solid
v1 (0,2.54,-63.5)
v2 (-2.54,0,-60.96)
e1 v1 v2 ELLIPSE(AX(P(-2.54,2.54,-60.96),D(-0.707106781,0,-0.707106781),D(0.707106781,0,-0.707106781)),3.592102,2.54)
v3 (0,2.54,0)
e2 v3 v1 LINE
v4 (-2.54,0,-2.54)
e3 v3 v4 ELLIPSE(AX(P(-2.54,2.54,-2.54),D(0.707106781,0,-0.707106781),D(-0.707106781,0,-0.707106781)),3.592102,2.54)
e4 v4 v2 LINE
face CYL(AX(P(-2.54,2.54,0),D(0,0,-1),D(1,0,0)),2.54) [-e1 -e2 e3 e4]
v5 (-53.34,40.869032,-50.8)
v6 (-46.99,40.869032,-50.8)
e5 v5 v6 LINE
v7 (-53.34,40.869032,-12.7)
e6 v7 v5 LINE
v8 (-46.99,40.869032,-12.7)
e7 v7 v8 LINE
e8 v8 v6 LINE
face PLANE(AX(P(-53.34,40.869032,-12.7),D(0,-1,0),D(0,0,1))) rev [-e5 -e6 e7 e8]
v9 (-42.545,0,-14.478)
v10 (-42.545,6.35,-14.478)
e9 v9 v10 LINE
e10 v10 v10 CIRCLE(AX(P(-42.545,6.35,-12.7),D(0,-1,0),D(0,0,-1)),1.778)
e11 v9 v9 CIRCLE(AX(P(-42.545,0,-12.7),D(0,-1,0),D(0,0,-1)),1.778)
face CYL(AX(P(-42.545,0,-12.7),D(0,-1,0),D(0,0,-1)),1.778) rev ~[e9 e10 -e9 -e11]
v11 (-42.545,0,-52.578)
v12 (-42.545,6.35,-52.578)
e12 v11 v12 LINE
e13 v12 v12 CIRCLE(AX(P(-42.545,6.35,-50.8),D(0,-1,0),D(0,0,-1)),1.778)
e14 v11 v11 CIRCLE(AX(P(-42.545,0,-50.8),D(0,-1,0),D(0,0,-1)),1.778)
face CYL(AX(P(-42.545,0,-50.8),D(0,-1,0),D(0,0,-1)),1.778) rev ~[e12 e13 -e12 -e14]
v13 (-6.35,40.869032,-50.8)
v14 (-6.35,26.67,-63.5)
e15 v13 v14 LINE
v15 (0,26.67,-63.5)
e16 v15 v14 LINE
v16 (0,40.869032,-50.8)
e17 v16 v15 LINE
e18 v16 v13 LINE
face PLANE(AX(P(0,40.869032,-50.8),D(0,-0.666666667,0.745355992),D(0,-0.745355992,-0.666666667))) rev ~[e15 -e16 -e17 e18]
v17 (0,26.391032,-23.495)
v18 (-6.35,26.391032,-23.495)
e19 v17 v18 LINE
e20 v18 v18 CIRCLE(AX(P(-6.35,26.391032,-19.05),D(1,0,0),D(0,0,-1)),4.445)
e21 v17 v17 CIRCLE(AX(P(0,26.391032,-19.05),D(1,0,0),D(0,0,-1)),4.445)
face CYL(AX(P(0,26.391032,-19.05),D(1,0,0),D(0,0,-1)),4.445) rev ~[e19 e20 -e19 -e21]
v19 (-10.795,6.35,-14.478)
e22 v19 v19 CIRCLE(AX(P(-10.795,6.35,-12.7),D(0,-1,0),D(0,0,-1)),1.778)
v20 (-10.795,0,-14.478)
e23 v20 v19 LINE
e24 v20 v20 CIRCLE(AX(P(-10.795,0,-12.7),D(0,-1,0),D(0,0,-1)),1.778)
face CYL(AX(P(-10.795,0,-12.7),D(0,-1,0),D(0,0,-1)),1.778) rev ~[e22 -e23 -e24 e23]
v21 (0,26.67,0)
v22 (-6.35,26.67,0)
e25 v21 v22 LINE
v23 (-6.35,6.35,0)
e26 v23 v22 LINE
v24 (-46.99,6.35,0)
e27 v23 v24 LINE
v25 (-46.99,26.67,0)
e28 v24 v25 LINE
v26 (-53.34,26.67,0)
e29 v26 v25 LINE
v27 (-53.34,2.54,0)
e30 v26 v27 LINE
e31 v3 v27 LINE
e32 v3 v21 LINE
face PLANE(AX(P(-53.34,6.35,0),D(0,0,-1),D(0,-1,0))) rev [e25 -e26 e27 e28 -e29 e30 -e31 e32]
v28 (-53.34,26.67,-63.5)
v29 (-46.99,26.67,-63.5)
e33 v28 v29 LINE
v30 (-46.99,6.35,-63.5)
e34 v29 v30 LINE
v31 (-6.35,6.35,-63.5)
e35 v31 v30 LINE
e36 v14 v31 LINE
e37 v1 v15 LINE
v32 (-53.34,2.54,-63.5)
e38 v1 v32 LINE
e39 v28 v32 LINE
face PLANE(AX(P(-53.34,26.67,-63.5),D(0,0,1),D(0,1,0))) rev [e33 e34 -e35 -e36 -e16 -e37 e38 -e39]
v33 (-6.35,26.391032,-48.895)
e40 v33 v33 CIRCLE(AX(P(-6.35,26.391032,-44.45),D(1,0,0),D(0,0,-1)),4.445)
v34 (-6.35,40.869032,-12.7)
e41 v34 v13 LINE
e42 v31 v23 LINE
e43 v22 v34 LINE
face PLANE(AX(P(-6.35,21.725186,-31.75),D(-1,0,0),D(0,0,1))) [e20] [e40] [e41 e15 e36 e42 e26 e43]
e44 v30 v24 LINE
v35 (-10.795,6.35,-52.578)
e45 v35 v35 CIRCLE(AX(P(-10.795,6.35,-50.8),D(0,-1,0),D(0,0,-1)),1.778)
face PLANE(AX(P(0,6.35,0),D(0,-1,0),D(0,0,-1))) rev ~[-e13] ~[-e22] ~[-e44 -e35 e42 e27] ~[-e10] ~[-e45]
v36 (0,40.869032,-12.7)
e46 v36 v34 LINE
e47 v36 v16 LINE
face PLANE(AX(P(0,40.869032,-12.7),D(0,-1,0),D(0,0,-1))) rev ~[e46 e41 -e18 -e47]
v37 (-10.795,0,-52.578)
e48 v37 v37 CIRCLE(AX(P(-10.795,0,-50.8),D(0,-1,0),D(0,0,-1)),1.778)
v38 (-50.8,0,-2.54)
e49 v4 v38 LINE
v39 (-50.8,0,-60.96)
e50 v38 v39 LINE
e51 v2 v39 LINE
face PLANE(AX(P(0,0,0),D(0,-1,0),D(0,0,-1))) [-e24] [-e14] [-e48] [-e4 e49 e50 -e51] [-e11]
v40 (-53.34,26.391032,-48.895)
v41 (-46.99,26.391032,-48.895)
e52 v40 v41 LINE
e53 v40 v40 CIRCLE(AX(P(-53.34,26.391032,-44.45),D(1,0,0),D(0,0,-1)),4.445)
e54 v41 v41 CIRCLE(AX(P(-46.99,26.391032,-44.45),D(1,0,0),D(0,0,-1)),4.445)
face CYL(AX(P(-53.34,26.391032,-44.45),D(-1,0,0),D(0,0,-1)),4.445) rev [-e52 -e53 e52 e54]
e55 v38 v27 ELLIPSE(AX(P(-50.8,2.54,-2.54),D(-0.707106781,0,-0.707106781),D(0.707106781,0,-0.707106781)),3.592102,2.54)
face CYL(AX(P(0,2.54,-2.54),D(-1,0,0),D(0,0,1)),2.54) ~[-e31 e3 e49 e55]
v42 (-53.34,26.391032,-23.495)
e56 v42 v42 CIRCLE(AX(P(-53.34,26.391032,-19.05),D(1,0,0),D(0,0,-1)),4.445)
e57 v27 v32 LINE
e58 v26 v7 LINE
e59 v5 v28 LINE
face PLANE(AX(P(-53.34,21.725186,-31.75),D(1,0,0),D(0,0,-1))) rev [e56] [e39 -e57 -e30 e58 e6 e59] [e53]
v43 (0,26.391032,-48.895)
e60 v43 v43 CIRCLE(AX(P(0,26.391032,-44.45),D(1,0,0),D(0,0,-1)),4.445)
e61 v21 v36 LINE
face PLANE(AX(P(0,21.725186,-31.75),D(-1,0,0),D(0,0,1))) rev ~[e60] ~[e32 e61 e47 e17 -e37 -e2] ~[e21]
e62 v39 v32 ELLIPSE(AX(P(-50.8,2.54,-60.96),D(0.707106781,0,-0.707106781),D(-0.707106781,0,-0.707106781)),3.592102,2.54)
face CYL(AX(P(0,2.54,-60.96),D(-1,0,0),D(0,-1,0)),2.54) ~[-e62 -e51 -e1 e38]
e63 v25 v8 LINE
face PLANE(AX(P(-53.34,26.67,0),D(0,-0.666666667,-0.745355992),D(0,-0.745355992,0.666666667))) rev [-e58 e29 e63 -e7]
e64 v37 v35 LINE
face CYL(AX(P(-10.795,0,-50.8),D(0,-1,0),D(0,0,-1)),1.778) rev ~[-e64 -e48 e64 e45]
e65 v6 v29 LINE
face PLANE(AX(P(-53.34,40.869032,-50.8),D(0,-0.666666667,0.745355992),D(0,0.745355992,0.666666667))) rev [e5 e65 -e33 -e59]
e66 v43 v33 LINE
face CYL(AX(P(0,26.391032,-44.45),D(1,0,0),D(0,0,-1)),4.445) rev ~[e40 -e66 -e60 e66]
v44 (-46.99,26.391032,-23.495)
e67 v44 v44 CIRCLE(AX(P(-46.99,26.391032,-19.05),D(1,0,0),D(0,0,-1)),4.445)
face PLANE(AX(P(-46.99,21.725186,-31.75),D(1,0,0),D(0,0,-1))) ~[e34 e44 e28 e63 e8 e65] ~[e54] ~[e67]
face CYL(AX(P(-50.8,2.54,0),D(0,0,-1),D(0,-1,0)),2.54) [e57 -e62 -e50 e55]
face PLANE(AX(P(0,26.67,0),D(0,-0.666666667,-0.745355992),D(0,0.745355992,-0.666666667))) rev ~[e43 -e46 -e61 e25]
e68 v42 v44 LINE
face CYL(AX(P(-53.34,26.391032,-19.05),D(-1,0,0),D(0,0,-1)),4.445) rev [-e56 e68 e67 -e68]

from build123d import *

# Parameters (mm, degrees)
SKETCH1_W           = 63.5
SKETCH1_H           = 6.35
BOSS_EXTRUDE1_DEPTH = 53.34
BOSS_EXTRUDE2_DEPTH = 6.35
CUT_EXTRUDE1_REACH  = 94.454
SKETCH11_R          = 4.445
FILLET1_R           = 2.54
CUT_EXTRUDE2_REACH  = 94.454
SKETCH19_R          = 1.778


with BuildPart() as part:
    # Sketch1 → Boss-Extrude1 (new body)
    with BuildSketch(Plane(origin=(0, 0, 0), x_dir=(0, 0, -1), z_dir=(1, 0, 0))):
        with Locations((31.75, 3.175)):
            Rectangle(SKETCH1_W, SKETCH1_H)
    extrude(amount=-BOSS_EXTRUDE1_DEPTH)

    # Sketch2 → Boss-Extrude2 (add)
    with BuildSketch(Plane(origin=(0, 0, 0), x_dir=(0, 0, -1), z_dir=(1, 0, 0))):
        Polygon((0, 6.35), (0, 26.67), (12.7, 40.869031657), (50.8, 40.869031657), (63.5, 26.67), (63.5, 6.35), align=None)
    boss_extrude2 = extrude(amount=-BOSS_EXTRUDE2_DEPTH)

    # Sketch11 → Cut-Extrude1 (cut, up to next)
    with BuildSketch(Plane(origin=(0, 0, 0), x_dir=(0, 0, -1), z_dir=(1, 0, 0)), mode=Mode.PRIVATE) as cut_extrude1_sk1:
        with Locations((19.05, 26.391031657)):
            Circle(SKETCH11_R)
    cut_extrude1_tool1 = extrude(cut_extrude1_sk1.sketch, amount=-CUT_EXTRUDE1_REACH, mode=Mode.PRIVATE) & part.part
    # Sketch11 → Cut-Extrude1 (cut, up to next)
    with BuildSketch(Plane(origin=(0, 0, 0), x_dir=(0, 0, -1), z_dir=(1, 0, 0)), mode=Mode.PRIVATE) as cut_extrude1_sk2:
        with Locations((44.45, 26.391031657)):
            Circle(SKETCH11_R)
    cut_extrude1_tool2 = extrude(cut_extrude1_sk2.sketch, amount=-CUT_EXTRUDE1_REACH, mode=Mode.PRIVATE) & part.part
    cut_extrude1_1 = cut_extrude1_tool1.solids().sort_by_distance((0, 26.391032, -19.05))[0]
    add(cut_extrude1_1, mode=Mode.SUBTRACT)
    cut_extrude1_2 = cut_extrude1_tool2.solids().sort_by_distance((0, 26.391032, -44.45))[0]
    add(cut_extrude1_2, mode=Mode.SUBTRACT)
    cut_extrude1 = cut_extrude1_1 + cut_extrude1_2  # Cut-Extrude1 as one shape, for the pattern or mirror that repeats it

    # Fillet1
    fillet1_edges = [part.edges().sort_by_distance(p)[0] for p in [
        (0, 0, -31.75),
        (-53.34, 0, -31.75),
        (-26.67, 0, -63.5),
        (-26.67, 0, 0),
    ]]
    fillet(fillet1_edges, radius=FILLET1_R)

    # Sketch19 → Cut-Extrude2 (cut, up to next)
    with BuildSketch(Plane.XZ, mode=Mode.PRIVATE) as cut_extrude2_sk1:
        with Locations(Location((-10.795, -50.8, 0), (0, 0, 270))):
            Circle(SKETCH19_R)
    cut_extrude2_tool1 = extrude(cut_extrude2_sk1.sketch, amount=-CUT_EXTRUDE2_REACH, mode=Mode.PRIVATE) & part.part
    # Sketch19 → Cut-Extrude2 (cut, up to next)
    with BuildSketch(Plane.XZ, mode=Mode.PRIVATE) as cut_extrude2_sk2:
        with Locations(Location((-42.545, -50.8, 0), (0, 0, 270))):
            Circle(SKETCH19_R)
    cut_extrude2_tool2 = extrude(cut_extrude2_sk2.sketch, amount=-CUT_EXTRUDE2_REACH, mode=Mode.PRIVATE) & part.part
    # Sketch19 → Cut-Extrude2 (cut, up to next)
    with BuildSketch(Plane.XZ, mode=Mode.PRIVATE) as cut_extrude2_sk3:
        with Locations(Location((-42.545, -12.7, 0), (0, 0, 270))):
            Circle(SKETCH19_R)
    cut_extrude2_tool3 = extrude(cut_extrude2_sk3.sketch, amount=-CUT_EXTRUDE2_REACH, mode=Mode.PRIVATE) & part.part
    # Sketch19 → Cut-Extrude2 (cut, up to next)
    with BuildSketch(Plane.XZ, mode=Mode.PRIVATE) as cut_extrude2_sk4:
        with Locations(Location((-10.795, -12.7, 0), (0, 0, 270))):
            Circle(SKETCH19_R)
    cut_extrude2_tool4 = extrude(cut_extrude2_sk4.sketch, amount=-CUT_EXTRUDE2_REACH, mode=Mode.PRIVATE) & part.part
    add(cut_extrude2_tool1.solids().sort_by_distance((-10.795, 0, -50.8))[0], mode=Mode.SUBTRACT)
    add(cut_extrude2_tool2.solids().sort_by_distance((-42.545, 0, -50.8))[0], mode=Mode.SUBTRACT)
    add(cut_extrude2_tool3.solids().sort_by_distance((-42.545, 0, -12.7))[0], mode=Mode.SUBTRACT)
    add(cut_extrude2_tool4.solids().sort_by_distance((-10.795, 0, -12.7))[0], mode=Mode.SUBTRACT)

    # Mirror1: Boss-Extrude2, Cut-Extrude1 across plane
    add(boss_extrude2.mirror(Plane(origin=(-26.67, 0, 0), x_dir=(0, 0, 1), z_dir=(1, 0, 0))))
    add(cut_extrude1.mirror(Plane(origin=(-26.67, 0, 0), x_dir=(0, 0, 1), z_dir=(1, 0, 0))), mode=Mode.SUBTRACT)


solid = part.part
